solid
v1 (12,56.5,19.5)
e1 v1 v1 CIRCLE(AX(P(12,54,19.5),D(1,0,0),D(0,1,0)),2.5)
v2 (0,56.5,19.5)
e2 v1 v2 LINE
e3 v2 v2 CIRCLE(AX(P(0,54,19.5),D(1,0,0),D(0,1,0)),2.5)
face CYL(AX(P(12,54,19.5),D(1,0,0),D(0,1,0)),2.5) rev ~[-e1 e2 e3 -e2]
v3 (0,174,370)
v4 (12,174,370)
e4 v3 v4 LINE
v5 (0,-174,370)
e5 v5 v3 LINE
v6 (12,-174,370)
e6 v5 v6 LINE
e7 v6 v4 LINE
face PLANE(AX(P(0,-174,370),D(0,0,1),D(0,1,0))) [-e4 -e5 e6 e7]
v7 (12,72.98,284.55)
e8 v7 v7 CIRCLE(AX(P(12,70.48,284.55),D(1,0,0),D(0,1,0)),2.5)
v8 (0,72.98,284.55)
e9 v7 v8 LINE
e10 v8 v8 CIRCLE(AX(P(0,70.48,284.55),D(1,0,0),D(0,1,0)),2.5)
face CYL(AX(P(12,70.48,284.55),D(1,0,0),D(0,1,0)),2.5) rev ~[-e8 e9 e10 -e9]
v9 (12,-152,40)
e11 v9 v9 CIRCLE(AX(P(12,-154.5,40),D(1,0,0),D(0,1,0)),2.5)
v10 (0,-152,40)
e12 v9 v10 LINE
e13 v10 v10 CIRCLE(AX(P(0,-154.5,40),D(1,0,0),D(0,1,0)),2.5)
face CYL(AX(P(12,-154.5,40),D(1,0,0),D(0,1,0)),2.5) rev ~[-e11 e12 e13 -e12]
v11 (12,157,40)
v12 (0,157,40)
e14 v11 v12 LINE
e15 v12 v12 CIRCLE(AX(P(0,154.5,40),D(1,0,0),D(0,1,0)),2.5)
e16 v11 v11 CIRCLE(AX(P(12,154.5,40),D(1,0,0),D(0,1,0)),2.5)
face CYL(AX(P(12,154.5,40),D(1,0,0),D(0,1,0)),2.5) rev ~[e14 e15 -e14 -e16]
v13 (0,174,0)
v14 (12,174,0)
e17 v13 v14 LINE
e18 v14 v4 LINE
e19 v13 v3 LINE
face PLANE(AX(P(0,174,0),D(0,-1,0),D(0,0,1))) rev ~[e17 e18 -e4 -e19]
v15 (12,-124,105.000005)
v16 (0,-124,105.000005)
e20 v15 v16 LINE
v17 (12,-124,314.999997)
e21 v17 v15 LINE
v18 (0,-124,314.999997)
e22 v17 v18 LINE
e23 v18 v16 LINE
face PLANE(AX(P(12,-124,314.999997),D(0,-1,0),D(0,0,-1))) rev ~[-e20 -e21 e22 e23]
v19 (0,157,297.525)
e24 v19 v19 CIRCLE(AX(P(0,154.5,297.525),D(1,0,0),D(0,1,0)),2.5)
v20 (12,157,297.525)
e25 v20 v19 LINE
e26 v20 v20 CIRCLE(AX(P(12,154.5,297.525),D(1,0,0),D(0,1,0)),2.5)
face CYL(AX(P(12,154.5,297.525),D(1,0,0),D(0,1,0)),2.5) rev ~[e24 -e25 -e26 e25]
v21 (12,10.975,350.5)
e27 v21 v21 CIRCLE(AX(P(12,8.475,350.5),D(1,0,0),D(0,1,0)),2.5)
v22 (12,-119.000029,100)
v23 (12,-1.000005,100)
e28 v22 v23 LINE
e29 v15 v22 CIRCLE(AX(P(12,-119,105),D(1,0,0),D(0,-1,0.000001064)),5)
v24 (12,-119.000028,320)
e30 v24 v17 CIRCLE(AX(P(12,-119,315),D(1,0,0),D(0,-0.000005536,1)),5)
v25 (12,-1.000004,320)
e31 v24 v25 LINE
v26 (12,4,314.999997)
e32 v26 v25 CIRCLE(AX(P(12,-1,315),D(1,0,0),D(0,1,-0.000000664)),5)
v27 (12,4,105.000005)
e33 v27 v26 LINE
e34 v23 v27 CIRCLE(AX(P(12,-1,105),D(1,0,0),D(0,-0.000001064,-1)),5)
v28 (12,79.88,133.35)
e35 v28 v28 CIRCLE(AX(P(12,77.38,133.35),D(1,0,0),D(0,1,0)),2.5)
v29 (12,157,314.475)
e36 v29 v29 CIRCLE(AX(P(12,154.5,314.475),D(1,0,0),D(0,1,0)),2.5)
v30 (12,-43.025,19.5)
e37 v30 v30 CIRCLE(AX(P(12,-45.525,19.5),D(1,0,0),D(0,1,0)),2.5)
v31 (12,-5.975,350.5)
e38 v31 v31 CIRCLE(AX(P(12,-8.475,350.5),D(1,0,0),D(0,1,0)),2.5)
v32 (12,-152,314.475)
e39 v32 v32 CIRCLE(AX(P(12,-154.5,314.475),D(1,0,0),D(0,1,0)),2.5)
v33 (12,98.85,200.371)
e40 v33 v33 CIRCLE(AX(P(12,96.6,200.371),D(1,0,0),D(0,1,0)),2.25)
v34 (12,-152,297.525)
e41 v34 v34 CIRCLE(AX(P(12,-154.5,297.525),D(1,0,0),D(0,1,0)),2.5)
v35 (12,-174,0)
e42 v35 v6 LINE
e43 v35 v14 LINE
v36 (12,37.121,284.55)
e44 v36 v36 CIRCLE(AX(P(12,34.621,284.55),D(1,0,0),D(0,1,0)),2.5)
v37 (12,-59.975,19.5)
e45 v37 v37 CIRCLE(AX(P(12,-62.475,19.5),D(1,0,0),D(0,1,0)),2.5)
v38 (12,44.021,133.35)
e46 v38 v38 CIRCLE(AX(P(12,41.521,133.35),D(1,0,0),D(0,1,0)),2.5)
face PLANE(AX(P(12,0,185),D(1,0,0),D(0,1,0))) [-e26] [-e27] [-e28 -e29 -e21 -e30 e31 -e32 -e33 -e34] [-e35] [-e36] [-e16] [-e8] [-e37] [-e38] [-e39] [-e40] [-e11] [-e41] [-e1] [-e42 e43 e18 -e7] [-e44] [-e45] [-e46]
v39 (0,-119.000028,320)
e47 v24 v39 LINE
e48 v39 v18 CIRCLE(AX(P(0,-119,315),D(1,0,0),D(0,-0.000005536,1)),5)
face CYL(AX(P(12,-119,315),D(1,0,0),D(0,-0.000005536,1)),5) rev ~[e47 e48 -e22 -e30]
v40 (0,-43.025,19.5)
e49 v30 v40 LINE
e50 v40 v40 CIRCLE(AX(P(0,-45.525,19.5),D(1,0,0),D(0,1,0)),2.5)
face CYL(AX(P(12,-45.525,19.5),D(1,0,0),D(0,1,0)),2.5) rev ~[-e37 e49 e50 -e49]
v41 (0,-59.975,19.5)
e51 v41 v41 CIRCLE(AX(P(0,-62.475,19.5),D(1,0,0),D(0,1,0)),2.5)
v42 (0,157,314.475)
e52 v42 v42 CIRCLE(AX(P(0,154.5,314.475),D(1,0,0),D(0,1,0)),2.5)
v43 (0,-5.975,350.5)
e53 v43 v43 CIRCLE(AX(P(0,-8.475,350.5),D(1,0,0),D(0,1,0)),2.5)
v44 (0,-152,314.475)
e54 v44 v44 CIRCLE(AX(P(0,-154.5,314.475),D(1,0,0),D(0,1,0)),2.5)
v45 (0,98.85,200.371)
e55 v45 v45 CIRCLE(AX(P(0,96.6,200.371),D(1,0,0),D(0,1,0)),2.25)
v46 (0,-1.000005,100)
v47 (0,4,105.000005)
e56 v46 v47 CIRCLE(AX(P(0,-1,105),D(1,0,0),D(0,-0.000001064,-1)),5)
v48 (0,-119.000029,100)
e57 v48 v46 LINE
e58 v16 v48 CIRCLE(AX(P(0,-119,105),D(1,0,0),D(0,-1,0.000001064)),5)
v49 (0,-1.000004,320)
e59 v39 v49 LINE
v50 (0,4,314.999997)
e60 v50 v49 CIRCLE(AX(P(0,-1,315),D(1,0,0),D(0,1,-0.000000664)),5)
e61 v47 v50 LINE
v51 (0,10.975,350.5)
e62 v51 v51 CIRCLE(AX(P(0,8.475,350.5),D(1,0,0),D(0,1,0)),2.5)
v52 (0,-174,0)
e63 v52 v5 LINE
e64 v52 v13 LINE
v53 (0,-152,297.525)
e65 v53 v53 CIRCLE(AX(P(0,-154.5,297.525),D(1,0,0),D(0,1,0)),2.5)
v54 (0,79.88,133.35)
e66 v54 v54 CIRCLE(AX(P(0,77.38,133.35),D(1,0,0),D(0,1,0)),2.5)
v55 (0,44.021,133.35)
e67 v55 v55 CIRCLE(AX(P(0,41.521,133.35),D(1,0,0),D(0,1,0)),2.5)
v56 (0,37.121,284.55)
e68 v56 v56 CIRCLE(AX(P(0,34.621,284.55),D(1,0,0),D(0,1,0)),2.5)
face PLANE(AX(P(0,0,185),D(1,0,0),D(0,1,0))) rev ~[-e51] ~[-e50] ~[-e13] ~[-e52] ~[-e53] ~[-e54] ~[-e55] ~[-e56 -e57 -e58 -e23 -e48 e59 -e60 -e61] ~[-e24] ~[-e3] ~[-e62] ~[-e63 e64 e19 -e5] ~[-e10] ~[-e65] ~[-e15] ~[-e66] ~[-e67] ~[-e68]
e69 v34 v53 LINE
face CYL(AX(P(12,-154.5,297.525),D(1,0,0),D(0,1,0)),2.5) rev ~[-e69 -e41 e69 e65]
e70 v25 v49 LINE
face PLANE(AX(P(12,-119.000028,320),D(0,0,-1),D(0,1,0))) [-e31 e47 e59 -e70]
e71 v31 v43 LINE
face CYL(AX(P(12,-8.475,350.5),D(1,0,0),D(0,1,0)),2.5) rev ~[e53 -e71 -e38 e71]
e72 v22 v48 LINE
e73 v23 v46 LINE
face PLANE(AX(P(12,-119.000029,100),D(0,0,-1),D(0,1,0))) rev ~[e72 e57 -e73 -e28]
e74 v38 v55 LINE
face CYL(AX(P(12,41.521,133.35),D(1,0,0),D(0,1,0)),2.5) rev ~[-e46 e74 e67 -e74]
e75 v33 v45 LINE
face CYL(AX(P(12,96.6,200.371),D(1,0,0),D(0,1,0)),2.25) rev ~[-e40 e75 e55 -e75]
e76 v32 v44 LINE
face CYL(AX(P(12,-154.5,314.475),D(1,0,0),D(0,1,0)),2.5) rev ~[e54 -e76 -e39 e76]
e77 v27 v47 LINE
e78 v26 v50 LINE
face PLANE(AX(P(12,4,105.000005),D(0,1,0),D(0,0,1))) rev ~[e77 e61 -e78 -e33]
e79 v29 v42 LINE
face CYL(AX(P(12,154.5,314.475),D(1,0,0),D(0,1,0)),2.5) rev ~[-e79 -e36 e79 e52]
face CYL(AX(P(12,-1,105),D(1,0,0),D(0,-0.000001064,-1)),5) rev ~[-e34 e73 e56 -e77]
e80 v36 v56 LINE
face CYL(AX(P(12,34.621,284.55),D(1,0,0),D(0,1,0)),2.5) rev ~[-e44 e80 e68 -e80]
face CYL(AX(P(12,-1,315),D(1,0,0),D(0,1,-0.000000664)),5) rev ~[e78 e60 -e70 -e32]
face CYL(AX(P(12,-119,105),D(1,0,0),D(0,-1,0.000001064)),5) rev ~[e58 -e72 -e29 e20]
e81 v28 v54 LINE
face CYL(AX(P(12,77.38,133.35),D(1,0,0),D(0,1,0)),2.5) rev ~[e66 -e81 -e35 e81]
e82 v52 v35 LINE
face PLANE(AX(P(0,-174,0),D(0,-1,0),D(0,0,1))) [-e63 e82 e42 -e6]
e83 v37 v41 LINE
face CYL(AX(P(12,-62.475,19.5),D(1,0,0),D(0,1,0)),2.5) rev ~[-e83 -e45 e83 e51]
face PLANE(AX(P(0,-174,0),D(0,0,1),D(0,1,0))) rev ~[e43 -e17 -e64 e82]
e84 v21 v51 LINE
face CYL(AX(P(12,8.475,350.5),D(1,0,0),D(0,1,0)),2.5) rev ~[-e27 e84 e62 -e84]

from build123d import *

# Parameters (mm, degrees)
SKETCH_W        = 348
SKETCH_H        = 370
PAD_DEPTH       = 12
POCKET_DEPTH    = 12.001
SKETCH002_R     = 2.5
POCKET001_DEPTH = 12.001
SKETCH003_R     = 2.5
SKETCH003_R_2   = 2.25
POCKET002_DEPTH = 12.001


with BuildPart() as part:
    # Sketch → Pad (new body)
    with BuildSketch(Plane.YZ):
        with Locations((0, 185)):
            Rectangle(SKETCH_W, SKETCH_H)
    extrude(amount=PAD_DEPTH)

    # Sketch001 → Pocket (cut, through all)
    with BuildSketch(Plane.YZ.offset(12)):
        with BuildLine():
            Line((-124, 314.999997), (-124, 105.000005))
            ThreePointArc((-124, 105.000005), (-122.535546, 101.464478), (-119.000029, 100))
            Line((-119.000029, 100), (-1.000005, 100))
            ThreePointArc((-1.000005, 100), (2.535534, 101.464466), (4, 105.000005))
            Line((4, 105.000005), (4, 314.999997))
            ThreePointArc((4, 314.999997), (2.535534, 318.535534), (-1.000004, 320))
            Line((-119.000028, 320), (-1.000004, 320))
            ThreePointArc((-119.000028, 320), (-122.535545, 318.535523), (-124, 314.999997))
        make_face()
    extrude(amount=-POCKET_DEPTH, mode=Mode.SUBTRACT)

    # Sketch002 → Pocket001 (cut, through all)
    with BuildSketch(Plane.YZ.offset(12)):
        with Locations((-154.5, 314.475)):
            Circle(SKETCH002_R)
        with Locations((-154.5, 40)):
            Circle(SKETCH002_R)
        with Locations((-62.475, 19.5)):
            Circle(SKETCH002_R)
        with Locations((-8.475, 350.5)):
            Circle(SKETCH002_R)
        with Locations((-154.5, 297.525)):
            Circle(SKETCH002_R)
        with Locations((-45.525, 19.5)):
            Circle(SKETCH002_R)
        with Locations((154.5, 314.475)):
            Circle(SKETCH002_R)
        with Locations((154.5, 297.525)):
            Circle(SKETCH002_R)
        with Locations((154.5, 40)):
            Circle(SKETCH002_R)
        with Locations((54, 19.5)):
            Circle(SKETCH002_R)
        with Locations((8.475, 350.5)):
            Circle(SKETCH002_R)
    extrude(amount=-POCKET001_DEPTH, mode=Mode.SUBTRACT)

    # Sketch003 → Pocket002 (cut, through all)
    with BuildSketch(Plane.YZ.offset(12)):
        with Locations((41.521, 133.35)):
            Circle(SKETCH003_R)
        with Locations((77.38, 133.35)):
            Circle(SKETCH003_R)
        with Locations((34.621, 284.55)):
            Circle(SKETCH003_R)
        with Locations((70.48, 284.55)):
            Circle(SKETCH003_R)
        with Locations((96.6, 200.371)):
            Circle(SKETCH003_R_2)
    extrude(amount=-POCKET002_DEPTH, mode=Mode.SUBTRACT)


solid = part.part
